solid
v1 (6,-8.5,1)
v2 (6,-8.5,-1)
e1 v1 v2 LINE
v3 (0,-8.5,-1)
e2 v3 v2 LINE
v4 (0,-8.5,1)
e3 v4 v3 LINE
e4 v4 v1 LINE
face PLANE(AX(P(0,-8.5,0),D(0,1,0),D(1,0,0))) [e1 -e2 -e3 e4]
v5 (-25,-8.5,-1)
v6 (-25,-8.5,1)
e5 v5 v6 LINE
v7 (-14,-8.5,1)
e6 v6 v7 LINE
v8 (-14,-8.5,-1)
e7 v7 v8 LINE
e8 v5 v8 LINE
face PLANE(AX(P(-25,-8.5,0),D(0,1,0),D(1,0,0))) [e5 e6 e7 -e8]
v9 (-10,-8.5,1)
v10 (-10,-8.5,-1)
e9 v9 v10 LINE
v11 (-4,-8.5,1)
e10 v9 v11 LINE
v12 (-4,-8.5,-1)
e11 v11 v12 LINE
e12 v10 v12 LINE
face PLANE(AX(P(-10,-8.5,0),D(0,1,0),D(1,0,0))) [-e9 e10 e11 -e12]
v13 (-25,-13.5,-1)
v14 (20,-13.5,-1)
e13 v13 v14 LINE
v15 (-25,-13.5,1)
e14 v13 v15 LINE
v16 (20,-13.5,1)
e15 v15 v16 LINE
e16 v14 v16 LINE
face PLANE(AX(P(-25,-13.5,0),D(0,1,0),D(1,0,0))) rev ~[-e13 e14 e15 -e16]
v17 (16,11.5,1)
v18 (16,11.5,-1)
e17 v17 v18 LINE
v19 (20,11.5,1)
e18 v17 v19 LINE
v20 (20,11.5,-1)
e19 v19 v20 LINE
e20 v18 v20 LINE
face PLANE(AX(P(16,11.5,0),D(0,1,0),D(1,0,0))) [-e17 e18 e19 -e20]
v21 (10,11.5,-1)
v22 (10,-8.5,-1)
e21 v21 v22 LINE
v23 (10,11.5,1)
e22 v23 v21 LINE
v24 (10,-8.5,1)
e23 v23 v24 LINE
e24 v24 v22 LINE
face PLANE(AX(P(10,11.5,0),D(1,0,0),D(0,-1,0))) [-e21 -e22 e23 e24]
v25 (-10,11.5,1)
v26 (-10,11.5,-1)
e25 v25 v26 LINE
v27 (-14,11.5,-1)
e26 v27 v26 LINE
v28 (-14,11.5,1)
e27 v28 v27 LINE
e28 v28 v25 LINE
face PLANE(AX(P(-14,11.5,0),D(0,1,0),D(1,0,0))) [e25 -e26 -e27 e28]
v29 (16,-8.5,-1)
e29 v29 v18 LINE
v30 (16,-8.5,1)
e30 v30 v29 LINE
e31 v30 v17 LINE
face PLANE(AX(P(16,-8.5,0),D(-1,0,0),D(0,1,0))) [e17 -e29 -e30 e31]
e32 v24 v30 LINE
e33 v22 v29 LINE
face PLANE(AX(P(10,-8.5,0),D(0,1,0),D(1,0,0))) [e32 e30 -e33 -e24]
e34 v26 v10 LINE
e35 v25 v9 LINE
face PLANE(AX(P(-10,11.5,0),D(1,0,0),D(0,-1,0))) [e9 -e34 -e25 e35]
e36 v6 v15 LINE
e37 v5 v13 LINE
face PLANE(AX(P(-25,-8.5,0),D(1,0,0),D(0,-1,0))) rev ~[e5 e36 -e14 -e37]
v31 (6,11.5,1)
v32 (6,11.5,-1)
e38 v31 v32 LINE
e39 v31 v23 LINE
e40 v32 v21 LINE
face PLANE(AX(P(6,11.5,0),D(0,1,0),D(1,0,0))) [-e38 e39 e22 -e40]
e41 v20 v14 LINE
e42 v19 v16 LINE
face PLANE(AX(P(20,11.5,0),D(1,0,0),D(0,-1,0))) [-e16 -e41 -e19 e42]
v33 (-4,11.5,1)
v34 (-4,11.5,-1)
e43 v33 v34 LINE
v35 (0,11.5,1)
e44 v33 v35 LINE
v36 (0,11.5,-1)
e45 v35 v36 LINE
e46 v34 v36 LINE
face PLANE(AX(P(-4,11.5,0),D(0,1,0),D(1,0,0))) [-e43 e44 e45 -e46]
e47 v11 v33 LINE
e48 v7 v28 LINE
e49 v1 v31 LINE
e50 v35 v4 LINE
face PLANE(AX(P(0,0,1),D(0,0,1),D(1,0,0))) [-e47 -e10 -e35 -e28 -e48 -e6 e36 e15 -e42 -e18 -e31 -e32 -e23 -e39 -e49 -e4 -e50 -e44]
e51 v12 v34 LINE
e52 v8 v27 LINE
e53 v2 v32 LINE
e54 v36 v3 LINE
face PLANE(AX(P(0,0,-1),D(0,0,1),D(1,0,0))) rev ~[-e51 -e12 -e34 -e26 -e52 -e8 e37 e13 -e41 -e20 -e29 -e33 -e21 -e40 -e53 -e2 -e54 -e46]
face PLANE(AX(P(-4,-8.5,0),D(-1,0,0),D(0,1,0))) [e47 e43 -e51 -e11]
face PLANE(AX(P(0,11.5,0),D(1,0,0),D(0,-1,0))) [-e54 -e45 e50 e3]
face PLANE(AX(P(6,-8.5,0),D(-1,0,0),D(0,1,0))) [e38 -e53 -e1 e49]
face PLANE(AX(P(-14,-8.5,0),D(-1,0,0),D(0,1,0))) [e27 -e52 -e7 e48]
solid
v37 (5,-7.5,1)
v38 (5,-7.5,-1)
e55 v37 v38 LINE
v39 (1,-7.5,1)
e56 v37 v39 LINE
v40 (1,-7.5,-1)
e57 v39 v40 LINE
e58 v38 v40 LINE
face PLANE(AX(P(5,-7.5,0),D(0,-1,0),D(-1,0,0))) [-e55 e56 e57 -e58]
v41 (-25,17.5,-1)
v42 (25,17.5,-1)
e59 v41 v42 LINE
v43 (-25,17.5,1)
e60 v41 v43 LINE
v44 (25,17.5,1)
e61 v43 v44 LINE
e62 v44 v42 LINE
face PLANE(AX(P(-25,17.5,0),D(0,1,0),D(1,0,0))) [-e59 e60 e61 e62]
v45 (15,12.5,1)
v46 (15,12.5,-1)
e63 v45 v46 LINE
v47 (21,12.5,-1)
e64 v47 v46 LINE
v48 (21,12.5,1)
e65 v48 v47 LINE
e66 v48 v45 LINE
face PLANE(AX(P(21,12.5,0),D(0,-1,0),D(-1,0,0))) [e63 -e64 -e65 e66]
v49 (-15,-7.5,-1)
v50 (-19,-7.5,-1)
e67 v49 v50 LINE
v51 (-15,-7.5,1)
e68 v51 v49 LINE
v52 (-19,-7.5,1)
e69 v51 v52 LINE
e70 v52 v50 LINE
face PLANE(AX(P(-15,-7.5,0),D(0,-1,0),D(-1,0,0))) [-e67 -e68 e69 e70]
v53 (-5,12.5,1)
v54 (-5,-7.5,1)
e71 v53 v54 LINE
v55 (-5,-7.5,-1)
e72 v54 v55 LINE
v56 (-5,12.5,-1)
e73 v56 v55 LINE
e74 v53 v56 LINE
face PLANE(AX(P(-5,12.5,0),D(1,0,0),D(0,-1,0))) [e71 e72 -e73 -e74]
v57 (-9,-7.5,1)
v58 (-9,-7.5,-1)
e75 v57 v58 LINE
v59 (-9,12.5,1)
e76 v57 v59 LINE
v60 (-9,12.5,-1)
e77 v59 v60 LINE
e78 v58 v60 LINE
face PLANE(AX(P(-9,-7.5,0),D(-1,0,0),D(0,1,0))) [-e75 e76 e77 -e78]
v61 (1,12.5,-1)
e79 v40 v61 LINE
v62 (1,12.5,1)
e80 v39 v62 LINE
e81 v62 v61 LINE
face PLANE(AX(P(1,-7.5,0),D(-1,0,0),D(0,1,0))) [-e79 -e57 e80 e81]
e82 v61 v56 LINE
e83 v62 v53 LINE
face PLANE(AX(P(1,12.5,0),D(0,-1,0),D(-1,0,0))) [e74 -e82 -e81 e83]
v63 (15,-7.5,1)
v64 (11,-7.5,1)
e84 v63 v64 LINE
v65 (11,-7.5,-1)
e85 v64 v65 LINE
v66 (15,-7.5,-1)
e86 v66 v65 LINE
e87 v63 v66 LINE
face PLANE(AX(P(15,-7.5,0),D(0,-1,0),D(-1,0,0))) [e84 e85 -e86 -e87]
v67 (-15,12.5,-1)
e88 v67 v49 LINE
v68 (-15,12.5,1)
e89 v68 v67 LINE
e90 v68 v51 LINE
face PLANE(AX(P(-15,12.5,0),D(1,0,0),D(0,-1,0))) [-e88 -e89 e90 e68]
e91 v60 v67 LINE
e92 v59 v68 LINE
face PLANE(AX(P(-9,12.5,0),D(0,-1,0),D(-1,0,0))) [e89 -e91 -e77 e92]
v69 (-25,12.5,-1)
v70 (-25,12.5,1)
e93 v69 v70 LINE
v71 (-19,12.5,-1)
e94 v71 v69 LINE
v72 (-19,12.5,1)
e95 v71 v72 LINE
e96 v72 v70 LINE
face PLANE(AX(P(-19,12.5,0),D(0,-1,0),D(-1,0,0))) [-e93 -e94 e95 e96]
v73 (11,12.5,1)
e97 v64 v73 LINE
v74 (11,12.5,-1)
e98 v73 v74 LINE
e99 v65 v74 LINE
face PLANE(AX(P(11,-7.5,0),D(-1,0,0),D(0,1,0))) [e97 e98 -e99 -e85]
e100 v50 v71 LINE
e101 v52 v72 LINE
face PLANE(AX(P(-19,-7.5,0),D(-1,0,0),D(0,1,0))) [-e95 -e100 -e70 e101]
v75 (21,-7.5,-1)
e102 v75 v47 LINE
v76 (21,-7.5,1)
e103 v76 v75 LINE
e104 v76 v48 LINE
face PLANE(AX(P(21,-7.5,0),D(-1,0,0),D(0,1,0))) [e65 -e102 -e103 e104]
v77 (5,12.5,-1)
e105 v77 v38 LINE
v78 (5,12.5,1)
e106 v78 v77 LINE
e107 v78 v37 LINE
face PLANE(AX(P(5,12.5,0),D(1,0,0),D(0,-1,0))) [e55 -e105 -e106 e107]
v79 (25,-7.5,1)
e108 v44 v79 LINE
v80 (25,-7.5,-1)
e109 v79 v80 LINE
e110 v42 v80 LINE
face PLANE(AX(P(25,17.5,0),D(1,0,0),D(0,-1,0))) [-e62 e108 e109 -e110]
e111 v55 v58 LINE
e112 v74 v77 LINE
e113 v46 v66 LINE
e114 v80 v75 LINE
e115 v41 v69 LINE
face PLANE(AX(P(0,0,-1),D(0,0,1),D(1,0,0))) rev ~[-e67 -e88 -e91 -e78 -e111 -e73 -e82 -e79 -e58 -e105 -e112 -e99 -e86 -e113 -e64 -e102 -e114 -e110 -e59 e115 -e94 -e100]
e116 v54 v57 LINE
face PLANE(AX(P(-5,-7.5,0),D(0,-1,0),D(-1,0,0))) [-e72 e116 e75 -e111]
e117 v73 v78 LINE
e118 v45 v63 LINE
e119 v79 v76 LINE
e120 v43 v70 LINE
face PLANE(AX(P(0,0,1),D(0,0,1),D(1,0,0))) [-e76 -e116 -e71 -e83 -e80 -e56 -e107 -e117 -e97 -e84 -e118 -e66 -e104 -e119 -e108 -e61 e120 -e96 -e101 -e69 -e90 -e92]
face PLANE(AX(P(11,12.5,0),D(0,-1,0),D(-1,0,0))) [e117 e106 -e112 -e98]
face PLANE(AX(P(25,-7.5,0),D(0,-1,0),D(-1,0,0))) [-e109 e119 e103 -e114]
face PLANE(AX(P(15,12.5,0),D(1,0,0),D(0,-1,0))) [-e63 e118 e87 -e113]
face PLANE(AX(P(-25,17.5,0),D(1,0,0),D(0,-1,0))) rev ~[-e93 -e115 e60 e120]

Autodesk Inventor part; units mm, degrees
ref_plane "YZ Plane" through (0, 0, 0) normal (1, 0, 0) x (0, 1, 0)
ref_plane "XZ Plane" through (0, 0, 0) normal (0, 1, 0) x (-1, 0, 0)
ref_plane "XY Plane" through (0, 0, 0) normal (0, 0, 1) x (1, 0, 0)
sketch "Esboço1" plane through (0, 0, 0) normal (0, 0, 1) x (1, 0, 0)
  line L0 (-25, -17.5) -> (25, -17.5) construction
  line L1 (25, 17.5) -> (-25, 17.5) construction
  line L2 (-25, -17.5) -> (25, 17.5) construction
  line L3 (25, -17.5) -> (-25, 17.5) construction
  line L4 (-25, 17.5) -> (-25, 12.5)
  line L5 (-25, 17.5) -> (25, 17.5)
  line L6 (25, 17.5) -> (25, -7.5)
  line L7 (25, -7.5) -> (21, -7.5)
  line L8 (21, -7.5) -> (21, 12.5)
  line L9 (21, 12.5) -> (15, 12.5)
  line L10 (15, 12.5) -> (15, -7.5)
  line L11 (15, -7.5) -> (11, -7.5)
  line L12 (11, -7.5) -> (11, 12.5)
  line L13 (11, 12.5) -> (5, 12.5)
  line L14 (5, 12.5) -> (5, -7.5)
  line L15 (5, -7.5) -> (1, -7.5)
  line L16 (1, -7.5) -> (1, 12.5)
  line L17 (1, 12.5) -> (-5, 12.5)
  line L18 (-5, 12.5) -> (-5, -7.5)
  line L19 (-5, -7.5) -> (-9, -7.5)
  line L20 (-9, -7.5) -> (-9, 12.5)
  line L21 (-9, 12.5) -> (-15, 12.5)
  line L22 (-15, 12.5) -> (-15, -7.5)
  line L23 (-15, -7.5) -> (-19, -7.5)
  line L24 (-19, -7.5) -> (-19, 12.5)
  line L25 (-19, 12.5) -> (-25, 12.5)
  line L26 (-25, -8.5) -> (-14, -8.5)
  line L27 (-14, -8.5) -> (-14, 11.5)
  line L28 (-14, 11.5) -> (-10, 11.5)
  line L29 (-10, 11.5) -> (-10, -8.5)
  line L30 (-10, -8.5) -> (-4, -8.5)
  line L31 (-4, -8.5) -> (-4, 11.5)
  line L32 (-4, 11.5) -> (0, 11.5)
  line L33 (0, 11.5) -> (0, -8.5)
  line L34 (0, -8.5) -> (6, -8.5)
  line L35 (6, -8.5) -> (6, 11.5)
  line L36 (6, 11.5) -> (10, 11.5)
  line L37 (10, 11.5) -> (10, -8.5)
  line L38 (10, -8.5) -> (16, -8.5)
  line L39 (16, -8.5) -> (16, 11.5)
  line L40 (16, 11.5) -> (20, 11.5)
  line L41 (25, 17.5) -> (25, -17.5) construction
  line L42 (-25, 17.5) -> (25, 17.5) construction
  line L43 (-25, -8.5) -> (-25, -13.5)
  line L44 (-25, 17.5) -> (-25, -17.5) construction
  line L45 (20, 11.5) -> (20, -13.5)
  line L46 (-25, -13.5) -> (20, -13.5)
  point P0 (0, 0)
  dimension "d2" = 35
  dimension "d3" = 5
  dimension "d17" = 6
  dimension "d18" = 4
  dimension "d23" = 50
  dimension "d25" = 25
  dimension "d27" = 5
extrude "Extrusão1" add sketch "Esboço1" along normal mid plane 2
properties part number "sensor-0001-002"
